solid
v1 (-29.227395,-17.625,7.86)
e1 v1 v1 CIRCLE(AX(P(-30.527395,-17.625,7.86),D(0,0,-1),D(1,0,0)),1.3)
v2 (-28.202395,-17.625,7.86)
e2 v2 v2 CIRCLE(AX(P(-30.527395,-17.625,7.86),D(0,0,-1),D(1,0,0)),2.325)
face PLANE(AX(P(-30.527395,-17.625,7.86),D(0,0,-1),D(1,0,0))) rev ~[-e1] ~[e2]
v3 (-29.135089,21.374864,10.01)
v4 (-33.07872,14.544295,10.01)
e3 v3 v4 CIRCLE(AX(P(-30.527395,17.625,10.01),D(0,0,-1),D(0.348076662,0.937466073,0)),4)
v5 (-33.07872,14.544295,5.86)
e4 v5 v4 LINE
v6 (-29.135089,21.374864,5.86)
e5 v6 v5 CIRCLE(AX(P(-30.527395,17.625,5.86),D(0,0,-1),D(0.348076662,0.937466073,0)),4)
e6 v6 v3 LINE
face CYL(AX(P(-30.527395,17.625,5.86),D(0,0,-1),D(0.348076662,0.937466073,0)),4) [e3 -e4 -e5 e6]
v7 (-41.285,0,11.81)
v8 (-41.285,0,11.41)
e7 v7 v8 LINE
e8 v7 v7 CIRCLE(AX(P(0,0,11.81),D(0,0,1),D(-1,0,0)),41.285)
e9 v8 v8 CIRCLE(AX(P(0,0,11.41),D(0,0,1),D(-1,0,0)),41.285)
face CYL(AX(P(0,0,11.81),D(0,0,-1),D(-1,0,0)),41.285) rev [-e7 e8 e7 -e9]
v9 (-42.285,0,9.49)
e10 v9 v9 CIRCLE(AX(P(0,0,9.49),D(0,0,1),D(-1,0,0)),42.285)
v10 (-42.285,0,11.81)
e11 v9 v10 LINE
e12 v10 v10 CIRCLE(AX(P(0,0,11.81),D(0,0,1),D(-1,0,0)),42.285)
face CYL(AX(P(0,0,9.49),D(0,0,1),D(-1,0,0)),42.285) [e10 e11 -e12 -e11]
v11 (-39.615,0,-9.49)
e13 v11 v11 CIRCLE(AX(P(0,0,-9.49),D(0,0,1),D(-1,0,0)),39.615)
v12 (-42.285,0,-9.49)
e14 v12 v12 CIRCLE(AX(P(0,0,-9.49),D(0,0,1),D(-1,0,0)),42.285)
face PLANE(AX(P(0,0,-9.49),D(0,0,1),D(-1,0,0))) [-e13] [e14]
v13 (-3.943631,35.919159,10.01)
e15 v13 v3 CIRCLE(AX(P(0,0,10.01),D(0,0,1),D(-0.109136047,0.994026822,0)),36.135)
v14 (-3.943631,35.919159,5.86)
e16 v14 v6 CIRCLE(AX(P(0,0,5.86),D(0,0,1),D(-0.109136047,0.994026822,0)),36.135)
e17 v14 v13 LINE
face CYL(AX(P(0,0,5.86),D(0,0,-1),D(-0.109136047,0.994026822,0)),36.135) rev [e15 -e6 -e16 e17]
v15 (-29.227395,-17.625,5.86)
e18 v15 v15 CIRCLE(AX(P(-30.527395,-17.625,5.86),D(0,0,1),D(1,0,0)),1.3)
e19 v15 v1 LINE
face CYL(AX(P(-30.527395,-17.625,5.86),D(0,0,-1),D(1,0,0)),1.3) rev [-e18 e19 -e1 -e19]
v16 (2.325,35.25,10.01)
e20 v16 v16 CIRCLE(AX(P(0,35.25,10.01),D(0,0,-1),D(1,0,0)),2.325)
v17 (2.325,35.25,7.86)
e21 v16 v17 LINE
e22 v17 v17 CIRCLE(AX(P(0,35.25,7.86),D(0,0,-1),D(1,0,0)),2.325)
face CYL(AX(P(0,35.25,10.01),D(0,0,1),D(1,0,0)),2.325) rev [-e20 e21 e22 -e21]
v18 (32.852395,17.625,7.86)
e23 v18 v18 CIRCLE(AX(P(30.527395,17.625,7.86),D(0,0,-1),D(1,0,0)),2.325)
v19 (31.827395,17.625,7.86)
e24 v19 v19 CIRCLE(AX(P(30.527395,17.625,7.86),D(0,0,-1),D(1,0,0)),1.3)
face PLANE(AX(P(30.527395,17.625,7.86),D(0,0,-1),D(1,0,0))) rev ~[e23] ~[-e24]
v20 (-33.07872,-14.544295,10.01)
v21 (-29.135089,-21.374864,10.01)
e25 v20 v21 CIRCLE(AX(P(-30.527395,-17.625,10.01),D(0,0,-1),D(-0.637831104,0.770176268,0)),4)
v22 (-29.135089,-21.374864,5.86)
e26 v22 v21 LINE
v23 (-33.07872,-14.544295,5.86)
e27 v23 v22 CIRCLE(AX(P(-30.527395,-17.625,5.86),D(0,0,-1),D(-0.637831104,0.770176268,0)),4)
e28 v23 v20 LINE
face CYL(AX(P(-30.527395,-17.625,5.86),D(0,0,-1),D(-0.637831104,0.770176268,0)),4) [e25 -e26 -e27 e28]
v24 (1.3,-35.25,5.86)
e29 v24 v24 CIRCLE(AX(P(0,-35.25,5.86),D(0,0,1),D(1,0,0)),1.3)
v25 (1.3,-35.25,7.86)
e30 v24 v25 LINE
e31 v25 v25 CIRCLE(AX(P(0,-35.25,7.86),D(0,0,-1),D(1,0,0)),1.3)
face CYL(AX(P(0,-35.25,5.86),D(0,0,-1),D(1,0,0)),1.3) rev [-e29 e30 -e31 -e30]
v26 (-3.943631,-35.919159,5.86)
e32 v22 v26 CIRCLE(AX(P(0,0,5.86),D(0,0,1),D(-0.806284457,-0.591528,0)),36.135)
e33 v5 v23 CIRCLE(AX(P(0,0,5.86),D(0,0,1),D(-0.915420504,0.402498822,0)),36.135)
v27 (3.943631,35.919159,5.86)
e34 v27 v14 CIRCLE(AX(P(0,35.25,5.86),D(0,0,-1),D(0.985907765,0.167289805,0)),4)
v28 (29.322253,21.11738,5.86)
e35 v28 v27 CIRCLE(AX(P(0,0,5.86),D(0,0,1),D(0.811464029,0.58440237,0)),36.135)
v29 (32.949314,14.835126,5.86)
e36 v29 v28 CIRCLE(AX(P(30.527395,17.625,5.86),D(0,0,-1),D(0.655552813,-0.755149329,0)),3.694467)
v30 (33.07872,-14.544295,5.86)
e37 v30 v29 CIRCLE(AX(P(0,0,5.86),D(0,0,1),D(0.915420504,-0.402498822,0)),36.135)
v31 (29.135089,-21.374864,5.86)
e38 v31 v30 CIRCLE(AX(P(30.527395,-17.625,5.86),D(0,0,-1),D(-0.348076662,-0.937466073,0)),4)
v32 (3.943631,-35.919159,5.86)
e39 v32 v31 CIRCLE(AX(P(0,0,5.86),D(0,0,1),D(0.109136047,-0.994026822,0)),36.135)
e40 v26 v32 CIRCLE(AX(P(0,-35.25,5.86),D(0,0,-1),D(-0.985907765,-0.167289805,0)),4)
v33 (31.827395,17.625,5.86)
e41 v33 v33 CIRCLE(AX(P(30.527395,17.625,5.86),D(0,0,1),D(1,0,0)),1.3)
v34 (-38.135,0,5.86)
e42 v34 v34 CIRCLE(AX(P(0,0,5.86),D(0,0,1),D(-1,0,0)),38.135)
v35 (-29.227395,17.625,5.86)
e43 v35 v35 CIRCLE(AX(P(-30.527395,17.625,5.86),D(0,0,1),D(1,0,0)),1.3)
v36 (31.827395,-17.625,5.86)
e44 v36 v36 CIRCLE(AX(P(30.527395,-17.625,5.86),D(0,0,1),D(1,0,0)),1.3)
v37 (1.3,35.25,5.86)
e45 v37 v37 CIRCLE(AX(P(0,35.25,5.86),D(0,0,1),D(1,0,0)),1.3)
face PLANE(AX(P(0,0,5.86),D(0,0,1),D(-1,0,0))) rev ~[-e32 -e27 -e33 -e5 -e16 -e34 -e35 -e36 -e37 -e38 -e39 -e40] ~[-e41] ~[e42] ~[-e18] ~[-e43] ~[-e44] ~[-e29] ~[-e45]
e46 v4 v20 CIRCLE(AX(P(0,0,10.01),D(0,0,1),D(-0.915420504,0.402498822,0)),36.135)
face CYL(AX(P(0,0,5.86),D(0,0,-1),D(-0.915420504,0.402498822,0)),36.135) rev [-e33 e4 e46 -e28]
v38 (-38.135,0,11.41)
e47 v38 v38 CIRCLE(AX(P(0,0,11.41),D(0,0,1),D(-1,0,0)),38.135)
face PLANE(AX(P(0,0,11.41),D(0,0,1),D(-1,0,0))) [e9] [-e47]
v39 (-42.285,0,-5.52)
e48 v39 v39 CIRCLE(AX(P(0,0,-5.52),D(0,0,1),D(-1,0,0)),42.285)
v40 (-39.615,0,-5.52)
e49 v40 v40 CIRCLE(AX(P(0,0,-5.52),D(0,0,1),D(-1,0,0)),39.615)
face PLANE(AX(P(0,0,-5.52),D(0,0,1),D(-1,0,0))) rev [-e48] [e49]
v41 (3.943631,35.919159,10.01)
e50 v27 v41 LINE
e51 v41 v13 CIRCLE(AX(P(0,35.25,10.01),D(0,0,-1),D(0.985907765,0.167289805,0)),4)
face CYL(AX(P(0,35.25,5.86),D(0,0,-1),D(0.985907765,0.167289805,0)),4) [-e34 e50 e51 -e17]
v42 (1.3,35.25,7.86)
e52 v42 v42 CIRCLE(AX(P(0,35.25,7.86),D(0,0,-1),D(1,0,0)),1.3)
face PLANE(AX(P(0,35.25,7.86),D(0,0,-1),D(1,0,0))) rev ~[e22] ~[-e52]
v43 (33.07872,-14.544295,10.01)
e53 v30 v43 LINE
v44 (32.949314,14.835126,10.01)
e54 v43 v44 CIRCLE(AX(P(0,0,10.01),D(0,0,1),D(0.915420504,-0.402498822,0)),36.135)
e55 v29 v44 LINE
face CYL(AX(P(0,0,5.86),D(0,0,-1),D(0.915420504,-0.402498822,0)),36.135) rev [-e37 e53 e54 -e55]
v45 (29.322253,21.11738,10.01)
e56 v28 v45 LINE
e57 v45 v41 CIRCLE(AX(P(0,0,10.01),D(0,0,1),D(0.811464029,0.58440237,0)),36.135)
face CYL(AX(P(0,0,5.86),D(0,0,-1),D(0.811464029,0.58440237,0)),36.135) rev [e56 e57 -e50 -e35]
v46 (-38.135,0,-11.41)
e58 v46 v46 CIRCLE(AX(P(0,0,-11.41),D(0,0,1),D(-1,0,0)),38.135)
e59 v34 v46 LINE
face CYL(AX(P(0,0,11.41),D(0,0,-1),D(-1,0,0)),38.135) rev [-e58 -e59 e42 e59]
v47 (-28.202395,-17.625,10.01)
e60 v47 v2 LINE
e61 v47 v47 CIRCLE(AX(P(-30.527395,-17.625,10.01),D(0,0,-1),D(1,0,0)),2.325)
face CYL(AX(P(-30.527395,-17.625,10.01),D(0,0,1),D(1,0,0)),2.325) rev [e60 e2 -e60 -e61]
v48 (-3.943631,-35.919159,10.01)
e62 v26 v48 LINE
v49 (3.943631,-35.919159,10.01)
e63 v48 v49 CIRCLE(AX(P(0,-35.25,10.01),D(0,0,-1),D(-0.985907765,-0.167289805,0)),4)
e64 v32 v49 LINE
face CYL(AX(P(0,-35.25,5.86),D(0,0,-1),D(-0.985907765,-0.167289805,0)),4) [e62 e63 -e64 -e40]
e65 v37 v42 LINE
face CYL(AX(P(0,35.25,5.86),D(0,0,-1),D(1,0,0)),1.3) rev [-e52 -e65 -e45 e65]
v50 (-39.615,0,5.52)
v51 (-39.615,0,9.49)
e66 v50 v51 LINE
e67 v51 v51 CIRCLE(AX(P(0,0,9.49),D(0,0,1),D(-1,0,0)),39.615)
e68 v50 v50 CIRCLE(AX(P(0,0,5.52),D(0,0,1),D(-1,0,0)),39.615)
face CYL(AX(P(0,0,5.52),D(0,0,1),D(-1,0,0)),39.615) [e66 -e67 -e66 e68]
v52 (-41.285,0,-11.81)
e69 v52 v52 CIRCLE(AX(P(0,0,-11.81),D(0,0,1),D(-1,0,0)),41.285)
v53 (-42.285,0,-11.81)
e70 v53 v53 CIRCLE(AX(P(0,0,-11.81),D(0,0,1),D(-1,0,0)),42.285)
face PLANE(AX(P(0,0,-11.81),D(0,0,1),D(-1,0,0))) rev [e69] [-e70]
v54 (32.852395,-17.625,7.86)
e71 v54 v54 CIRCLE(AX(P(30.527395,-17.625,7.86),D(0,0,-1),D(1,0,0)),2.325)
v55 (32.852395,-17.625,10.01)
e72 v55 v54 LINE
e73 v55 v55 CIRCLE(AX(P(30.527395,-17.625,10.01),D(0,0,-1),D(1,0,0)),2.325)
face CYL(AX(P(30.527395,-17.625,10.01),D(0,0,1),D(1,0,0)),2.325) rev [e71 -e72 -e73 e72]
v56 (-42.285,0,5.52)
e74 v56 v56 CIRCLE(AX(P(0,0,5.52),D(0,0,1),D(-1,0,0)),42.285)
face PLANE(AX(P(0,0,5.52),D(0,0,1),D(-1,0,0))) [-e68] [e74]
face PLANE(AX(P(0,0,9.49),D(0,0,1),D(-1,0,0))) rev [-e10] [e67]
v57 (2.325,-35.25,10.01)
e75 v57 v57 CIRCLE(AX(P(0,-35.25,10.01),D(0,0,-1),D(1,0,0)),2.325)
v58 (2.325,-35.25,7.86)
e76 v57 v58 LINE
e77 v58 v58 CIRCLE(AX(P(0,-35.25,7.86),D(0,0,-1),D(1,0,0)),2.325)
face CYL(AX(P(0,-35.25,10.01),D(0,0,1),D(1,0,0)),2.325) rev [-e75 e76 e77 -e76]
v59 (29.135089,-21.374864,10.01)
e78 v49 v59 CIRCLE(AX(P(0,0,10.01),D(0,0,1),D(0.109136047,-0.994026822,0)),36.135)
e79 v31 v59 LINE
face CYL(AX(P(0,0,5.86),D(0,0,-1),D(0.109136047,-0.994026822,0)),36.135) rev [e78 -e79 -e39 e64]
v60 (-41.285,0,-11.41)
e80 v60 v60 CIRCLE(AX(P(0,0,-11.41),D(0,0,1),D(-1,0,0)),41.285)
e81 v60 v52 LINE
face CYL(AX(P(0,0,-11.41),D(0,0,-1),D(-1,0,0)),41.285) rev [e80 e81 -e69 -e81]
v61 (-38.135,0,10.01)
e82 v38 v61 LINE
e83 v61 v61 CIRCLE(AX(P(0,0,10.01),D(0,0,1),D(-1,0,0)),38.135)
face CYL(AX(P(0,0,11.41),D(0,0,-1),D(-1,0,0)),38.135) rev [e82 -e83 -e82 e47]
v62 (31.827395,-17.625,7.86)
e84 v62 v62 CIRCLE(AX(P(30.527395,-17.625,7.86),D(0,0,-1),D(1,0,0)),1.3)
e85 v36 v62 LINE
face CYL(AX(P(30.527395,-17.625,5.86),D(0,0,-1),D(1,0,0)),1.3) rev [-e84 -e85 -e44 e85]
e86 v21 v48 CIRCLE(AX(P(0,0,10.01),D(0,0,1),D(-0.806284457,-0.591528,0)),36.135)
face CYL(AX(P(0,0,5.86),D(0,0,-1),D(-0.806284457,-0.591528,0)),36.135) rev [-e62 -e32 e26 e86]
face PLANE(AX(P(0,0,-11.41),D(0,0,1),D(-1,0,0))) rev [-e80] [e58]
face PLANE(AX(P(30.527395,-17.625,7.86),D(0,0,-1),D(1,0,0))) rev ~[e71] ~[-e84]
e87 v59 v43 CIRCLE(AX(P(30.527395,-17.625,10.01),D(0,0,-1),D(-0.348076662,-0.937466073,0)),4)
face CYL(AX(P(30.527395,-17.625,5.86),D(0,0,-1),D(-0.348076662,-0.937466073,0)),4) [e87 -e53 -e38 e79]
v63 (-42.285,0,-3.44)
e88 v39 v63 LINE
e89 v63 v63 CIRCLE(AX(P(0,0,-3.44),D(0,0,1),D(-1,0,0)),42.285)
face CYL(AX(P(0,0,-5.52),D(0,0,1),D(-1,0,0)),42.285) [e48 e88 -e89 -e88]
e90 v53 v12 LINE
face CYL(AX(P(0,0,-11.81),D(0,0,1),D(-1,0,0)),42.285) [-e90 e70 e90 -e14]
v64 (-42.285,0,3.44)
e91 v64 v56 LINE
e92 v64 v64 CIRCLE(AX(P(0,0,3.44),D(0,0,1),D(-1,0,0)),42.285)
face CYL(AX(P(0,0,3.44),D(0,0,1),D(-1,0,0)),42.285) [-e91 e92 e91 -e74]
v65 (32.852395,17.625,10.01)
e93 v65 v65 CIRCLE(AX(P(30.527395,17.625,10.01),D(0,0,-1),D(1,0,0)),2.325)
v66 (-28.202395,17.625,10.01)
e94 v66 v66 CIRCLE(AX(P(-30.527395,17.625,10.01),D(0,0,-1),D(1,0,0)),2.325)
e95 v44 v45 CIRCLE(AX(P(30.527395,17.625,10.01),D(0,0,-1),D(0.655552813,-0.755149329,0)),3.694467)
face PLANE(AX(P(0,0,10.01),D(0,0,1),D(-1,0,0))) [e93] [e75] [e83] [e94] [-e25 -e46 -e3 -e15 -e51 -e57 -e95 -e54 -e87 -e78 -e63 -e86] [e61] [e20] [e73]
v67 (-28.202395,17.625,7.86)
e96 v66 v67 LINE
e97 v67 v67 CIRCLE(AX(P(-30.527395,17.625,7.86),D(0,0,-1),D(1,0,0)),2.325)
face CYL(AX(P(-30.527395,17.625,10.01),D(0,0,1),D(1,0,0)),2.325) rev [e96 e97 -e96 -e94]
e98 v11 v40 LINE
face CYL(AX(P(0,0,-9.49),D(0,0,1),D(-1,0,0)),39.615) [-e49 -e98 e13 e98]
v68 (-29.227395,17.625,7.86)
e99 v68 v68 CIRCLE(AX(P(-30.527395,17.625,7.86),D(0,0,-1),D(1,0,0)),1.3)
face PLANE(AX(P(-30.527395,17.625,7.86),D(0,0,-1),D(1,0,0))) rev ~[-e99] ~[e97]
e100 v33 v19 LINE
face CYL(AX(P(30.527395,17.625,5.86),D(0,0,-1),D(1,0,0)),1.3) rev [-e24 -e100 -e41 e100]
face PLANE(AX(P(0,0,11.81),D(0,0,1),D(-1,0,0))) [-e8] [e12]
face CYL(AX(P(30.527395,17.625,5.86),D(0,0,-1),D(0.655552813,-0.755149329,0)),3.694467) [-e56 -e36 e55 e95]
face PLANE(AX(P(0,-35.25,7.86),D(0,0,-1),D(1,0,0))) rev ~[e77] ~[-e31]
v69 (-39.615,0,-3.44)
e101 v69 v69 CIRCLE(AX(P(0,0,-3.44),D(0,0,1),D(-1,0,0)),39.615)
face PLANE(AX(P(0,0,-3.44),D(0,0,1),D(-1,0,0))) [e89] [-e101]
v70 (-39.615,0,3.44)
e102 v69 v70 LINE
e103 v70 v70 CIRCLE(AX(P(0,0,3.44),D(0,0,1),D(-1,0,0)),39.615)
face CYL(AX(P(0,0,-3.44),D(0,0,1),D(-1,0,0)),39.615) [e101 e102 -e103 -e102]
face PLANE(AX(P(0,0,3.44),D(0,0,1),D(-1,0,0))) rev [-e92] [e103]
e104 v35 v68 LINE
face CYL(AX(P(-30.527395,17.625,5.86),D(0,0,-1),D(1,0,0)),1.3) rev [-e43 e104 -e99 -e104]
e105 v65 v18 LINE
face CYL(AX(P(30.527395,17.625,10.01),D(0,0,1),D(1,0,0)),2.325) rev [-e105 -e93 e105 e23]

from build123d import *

# Parameters (mm, degrees)
ESTRUSIONE_ESTRUSIONE1_START = -4.15
SCHIZZO2_R                   = 38.135
SCHIZZO2_R_2                 = 1.3
ESTRUSIONE_ESTRUSIONE1_DEPTH = 4.15
SCHIZZO3_R                   = 2.325
TAGLIO_ESTRUSIONE1_DEPTH     = 2.15


with BuildPart() as part:
    # Schizzo1 → Rivoluzione1 (revolve)
    with BuildSketch(Plane(origin=(0, 0, 0), x_dir=(0, 0, -1), z_dir=(1, 0, 0)), mode=Mode.PRIVATE) as rivoluzione1_sk:
        Polygon((-11.41, 38.135), (11.41, 38.135), (11.41, 41.285), (11.81, 41.285), (11.81, 42.285), (9.49, 42.285), (9.49, 39.615), (5.52, 39.615), (5.52, 42.285), (3.44, 42.285), (3.44, 39.615), (-3.44, 39.615), (-3.44, 42.285), (-5.52, 42.285), (-5.52, 39.615), (-9.49, 39.615), (-9.49, 42.285), (-11.81, 42.285), (-11.81, 41.285), (-11.41, 41.285), align=None)
    revolve(rivoluzione1_sk.sketch.rotate(Axis((0, 0, 0), (0, 0, 1)), 90), axis=Axis((0, 0, 0), (0, 0, 1)))

    # Schizzo2 → Estrusione-Estrusione1 (add)
    with BuildSketch(Plane.XY.offset(10.01).offset(ESTRUSIONE_ESTRUSIONE1_START)):
        with Locations(Location((0, 0, 0), (0, 0, 180))):
            Circle(SCHIZZO2_R)
        with Locations((0, 35.25)):
            Circle(SCHIZZO2_R_2, mode=Mode.SUBTRACT)
        with Locations((30.527395483, 17.625)):
            Circle(SCHIZZO2_R_2, mode=Mode.SUBTRACT)
        with Locations((30.527395483, -17.625)):
            Circle(SCHIZZO2_R_2, mode=Mode.SUBTRACT)
        with Locations((0, -35.25)):
            Circle(SCHIZZO2_R_2, mode=Mode.SUBTRACT)
        with Locations((-30.527395483, -17.625)):
            Circle(SCHIZZO2_R_2, mode=Mode.SUBTRACT)
        with Locations((-30.527395483, 17.625)):
            Circle(SCHIZZO2_R_2, mode=Mode.SUBTRACT)
        with BuildLine():
            ThreePointArc((-33.078719897, 14.544294929), (-36.135, 0), (-33.078719897, -14.544294929))
            ThreePointArc((-33.078719897, -14.544294929), (-27.063293868, -15.625), (-29.135088837, -21.374864291))
            ThreePointArc((-29.135088837, -21.374864291), (-18.0675, -31.293827966), (-3.94363106, -35.91915922))
            ThreePointArc((-3.94363106, -35.91915922), (0, -31.25), (3.94363106, -35.91915922))
            ThreePointArc((3.94363106, -35.91915922), (18.0675, -31.293827966), (29.135088837, -21.374864291))
            ThreePointArc((29.135088837, -21.374864291), (27.063293868, -15.625), (33.078719897, -14.544294929))
            ThreePointArc((33.078719897, -14.544294929), (36.134649477, 0.159160806), (32.949313569, 14.835125895))
            ThreePointArc((32.949313569, 14.835125895), (27.327893405, 15.777766614), (29.322252678, 21.117379641))
            ThreePointArc((29.322252678, 21.117379641), (18.20516204, 31.213944001), (3.94363106, 35.91915922))
            ThreePointArc((3.94363106, 35.91915922), (0, 31.25), (-3.94363106, 35.91915922))
            ThreePointArc((-3.94363106, 35.91915922), (-18.0675, 31.293827966), (-29.135088837, 21.374864291))
            ThreePointArc((-29.135088837, 21.374864291), (-27.063293868, 15.625), (-33.078719897, 14.544294929))
        make_face(mode=Mode.SUBTRACT)
    extrude(amount=ESTRUSIONE_ESTRUSIONE1_DEPTH)

    # Schizzo3 → Taglio-Estrusione1 (cut)
    with BuildSketch(Plane(origin=(0, 0, 10.01), x_dir=(-1, 0, 0), z_dir=(0, 0, -1))):
        with Locations(Location((30.527395483, -17.625, 0), (0, 0, 180))):
            Circle(SCHIZZO3_R)
        with Locations(Location((0, -35.25, 0), (0, 0, 180))):
            Circle(SCHIZZO3_R)
        with Locations(Location((-30.527395483, -17.625, 0), (0, 0, 180))):
            Circle(SCHIZZO3_R)
        with Locations(Location((-30.527395483, 17.625, 0), (0, 0, 180))):
            Circle(SCHIZZO3_R)
        with Locations(Location((0, 35.25, 0), (0, 0, 180))):
            Circle(SCHIZZO3_R)
        with Locations(Location((30.527395483, 17.625, 0), (0, 0, 180))):
            Circle(SCHIZZO3_R)
    extrude(amount=TAGLIO_ESTRUSIONE1_DEPTH, mode=Mode.SUBTRACT)


solid = part.part
